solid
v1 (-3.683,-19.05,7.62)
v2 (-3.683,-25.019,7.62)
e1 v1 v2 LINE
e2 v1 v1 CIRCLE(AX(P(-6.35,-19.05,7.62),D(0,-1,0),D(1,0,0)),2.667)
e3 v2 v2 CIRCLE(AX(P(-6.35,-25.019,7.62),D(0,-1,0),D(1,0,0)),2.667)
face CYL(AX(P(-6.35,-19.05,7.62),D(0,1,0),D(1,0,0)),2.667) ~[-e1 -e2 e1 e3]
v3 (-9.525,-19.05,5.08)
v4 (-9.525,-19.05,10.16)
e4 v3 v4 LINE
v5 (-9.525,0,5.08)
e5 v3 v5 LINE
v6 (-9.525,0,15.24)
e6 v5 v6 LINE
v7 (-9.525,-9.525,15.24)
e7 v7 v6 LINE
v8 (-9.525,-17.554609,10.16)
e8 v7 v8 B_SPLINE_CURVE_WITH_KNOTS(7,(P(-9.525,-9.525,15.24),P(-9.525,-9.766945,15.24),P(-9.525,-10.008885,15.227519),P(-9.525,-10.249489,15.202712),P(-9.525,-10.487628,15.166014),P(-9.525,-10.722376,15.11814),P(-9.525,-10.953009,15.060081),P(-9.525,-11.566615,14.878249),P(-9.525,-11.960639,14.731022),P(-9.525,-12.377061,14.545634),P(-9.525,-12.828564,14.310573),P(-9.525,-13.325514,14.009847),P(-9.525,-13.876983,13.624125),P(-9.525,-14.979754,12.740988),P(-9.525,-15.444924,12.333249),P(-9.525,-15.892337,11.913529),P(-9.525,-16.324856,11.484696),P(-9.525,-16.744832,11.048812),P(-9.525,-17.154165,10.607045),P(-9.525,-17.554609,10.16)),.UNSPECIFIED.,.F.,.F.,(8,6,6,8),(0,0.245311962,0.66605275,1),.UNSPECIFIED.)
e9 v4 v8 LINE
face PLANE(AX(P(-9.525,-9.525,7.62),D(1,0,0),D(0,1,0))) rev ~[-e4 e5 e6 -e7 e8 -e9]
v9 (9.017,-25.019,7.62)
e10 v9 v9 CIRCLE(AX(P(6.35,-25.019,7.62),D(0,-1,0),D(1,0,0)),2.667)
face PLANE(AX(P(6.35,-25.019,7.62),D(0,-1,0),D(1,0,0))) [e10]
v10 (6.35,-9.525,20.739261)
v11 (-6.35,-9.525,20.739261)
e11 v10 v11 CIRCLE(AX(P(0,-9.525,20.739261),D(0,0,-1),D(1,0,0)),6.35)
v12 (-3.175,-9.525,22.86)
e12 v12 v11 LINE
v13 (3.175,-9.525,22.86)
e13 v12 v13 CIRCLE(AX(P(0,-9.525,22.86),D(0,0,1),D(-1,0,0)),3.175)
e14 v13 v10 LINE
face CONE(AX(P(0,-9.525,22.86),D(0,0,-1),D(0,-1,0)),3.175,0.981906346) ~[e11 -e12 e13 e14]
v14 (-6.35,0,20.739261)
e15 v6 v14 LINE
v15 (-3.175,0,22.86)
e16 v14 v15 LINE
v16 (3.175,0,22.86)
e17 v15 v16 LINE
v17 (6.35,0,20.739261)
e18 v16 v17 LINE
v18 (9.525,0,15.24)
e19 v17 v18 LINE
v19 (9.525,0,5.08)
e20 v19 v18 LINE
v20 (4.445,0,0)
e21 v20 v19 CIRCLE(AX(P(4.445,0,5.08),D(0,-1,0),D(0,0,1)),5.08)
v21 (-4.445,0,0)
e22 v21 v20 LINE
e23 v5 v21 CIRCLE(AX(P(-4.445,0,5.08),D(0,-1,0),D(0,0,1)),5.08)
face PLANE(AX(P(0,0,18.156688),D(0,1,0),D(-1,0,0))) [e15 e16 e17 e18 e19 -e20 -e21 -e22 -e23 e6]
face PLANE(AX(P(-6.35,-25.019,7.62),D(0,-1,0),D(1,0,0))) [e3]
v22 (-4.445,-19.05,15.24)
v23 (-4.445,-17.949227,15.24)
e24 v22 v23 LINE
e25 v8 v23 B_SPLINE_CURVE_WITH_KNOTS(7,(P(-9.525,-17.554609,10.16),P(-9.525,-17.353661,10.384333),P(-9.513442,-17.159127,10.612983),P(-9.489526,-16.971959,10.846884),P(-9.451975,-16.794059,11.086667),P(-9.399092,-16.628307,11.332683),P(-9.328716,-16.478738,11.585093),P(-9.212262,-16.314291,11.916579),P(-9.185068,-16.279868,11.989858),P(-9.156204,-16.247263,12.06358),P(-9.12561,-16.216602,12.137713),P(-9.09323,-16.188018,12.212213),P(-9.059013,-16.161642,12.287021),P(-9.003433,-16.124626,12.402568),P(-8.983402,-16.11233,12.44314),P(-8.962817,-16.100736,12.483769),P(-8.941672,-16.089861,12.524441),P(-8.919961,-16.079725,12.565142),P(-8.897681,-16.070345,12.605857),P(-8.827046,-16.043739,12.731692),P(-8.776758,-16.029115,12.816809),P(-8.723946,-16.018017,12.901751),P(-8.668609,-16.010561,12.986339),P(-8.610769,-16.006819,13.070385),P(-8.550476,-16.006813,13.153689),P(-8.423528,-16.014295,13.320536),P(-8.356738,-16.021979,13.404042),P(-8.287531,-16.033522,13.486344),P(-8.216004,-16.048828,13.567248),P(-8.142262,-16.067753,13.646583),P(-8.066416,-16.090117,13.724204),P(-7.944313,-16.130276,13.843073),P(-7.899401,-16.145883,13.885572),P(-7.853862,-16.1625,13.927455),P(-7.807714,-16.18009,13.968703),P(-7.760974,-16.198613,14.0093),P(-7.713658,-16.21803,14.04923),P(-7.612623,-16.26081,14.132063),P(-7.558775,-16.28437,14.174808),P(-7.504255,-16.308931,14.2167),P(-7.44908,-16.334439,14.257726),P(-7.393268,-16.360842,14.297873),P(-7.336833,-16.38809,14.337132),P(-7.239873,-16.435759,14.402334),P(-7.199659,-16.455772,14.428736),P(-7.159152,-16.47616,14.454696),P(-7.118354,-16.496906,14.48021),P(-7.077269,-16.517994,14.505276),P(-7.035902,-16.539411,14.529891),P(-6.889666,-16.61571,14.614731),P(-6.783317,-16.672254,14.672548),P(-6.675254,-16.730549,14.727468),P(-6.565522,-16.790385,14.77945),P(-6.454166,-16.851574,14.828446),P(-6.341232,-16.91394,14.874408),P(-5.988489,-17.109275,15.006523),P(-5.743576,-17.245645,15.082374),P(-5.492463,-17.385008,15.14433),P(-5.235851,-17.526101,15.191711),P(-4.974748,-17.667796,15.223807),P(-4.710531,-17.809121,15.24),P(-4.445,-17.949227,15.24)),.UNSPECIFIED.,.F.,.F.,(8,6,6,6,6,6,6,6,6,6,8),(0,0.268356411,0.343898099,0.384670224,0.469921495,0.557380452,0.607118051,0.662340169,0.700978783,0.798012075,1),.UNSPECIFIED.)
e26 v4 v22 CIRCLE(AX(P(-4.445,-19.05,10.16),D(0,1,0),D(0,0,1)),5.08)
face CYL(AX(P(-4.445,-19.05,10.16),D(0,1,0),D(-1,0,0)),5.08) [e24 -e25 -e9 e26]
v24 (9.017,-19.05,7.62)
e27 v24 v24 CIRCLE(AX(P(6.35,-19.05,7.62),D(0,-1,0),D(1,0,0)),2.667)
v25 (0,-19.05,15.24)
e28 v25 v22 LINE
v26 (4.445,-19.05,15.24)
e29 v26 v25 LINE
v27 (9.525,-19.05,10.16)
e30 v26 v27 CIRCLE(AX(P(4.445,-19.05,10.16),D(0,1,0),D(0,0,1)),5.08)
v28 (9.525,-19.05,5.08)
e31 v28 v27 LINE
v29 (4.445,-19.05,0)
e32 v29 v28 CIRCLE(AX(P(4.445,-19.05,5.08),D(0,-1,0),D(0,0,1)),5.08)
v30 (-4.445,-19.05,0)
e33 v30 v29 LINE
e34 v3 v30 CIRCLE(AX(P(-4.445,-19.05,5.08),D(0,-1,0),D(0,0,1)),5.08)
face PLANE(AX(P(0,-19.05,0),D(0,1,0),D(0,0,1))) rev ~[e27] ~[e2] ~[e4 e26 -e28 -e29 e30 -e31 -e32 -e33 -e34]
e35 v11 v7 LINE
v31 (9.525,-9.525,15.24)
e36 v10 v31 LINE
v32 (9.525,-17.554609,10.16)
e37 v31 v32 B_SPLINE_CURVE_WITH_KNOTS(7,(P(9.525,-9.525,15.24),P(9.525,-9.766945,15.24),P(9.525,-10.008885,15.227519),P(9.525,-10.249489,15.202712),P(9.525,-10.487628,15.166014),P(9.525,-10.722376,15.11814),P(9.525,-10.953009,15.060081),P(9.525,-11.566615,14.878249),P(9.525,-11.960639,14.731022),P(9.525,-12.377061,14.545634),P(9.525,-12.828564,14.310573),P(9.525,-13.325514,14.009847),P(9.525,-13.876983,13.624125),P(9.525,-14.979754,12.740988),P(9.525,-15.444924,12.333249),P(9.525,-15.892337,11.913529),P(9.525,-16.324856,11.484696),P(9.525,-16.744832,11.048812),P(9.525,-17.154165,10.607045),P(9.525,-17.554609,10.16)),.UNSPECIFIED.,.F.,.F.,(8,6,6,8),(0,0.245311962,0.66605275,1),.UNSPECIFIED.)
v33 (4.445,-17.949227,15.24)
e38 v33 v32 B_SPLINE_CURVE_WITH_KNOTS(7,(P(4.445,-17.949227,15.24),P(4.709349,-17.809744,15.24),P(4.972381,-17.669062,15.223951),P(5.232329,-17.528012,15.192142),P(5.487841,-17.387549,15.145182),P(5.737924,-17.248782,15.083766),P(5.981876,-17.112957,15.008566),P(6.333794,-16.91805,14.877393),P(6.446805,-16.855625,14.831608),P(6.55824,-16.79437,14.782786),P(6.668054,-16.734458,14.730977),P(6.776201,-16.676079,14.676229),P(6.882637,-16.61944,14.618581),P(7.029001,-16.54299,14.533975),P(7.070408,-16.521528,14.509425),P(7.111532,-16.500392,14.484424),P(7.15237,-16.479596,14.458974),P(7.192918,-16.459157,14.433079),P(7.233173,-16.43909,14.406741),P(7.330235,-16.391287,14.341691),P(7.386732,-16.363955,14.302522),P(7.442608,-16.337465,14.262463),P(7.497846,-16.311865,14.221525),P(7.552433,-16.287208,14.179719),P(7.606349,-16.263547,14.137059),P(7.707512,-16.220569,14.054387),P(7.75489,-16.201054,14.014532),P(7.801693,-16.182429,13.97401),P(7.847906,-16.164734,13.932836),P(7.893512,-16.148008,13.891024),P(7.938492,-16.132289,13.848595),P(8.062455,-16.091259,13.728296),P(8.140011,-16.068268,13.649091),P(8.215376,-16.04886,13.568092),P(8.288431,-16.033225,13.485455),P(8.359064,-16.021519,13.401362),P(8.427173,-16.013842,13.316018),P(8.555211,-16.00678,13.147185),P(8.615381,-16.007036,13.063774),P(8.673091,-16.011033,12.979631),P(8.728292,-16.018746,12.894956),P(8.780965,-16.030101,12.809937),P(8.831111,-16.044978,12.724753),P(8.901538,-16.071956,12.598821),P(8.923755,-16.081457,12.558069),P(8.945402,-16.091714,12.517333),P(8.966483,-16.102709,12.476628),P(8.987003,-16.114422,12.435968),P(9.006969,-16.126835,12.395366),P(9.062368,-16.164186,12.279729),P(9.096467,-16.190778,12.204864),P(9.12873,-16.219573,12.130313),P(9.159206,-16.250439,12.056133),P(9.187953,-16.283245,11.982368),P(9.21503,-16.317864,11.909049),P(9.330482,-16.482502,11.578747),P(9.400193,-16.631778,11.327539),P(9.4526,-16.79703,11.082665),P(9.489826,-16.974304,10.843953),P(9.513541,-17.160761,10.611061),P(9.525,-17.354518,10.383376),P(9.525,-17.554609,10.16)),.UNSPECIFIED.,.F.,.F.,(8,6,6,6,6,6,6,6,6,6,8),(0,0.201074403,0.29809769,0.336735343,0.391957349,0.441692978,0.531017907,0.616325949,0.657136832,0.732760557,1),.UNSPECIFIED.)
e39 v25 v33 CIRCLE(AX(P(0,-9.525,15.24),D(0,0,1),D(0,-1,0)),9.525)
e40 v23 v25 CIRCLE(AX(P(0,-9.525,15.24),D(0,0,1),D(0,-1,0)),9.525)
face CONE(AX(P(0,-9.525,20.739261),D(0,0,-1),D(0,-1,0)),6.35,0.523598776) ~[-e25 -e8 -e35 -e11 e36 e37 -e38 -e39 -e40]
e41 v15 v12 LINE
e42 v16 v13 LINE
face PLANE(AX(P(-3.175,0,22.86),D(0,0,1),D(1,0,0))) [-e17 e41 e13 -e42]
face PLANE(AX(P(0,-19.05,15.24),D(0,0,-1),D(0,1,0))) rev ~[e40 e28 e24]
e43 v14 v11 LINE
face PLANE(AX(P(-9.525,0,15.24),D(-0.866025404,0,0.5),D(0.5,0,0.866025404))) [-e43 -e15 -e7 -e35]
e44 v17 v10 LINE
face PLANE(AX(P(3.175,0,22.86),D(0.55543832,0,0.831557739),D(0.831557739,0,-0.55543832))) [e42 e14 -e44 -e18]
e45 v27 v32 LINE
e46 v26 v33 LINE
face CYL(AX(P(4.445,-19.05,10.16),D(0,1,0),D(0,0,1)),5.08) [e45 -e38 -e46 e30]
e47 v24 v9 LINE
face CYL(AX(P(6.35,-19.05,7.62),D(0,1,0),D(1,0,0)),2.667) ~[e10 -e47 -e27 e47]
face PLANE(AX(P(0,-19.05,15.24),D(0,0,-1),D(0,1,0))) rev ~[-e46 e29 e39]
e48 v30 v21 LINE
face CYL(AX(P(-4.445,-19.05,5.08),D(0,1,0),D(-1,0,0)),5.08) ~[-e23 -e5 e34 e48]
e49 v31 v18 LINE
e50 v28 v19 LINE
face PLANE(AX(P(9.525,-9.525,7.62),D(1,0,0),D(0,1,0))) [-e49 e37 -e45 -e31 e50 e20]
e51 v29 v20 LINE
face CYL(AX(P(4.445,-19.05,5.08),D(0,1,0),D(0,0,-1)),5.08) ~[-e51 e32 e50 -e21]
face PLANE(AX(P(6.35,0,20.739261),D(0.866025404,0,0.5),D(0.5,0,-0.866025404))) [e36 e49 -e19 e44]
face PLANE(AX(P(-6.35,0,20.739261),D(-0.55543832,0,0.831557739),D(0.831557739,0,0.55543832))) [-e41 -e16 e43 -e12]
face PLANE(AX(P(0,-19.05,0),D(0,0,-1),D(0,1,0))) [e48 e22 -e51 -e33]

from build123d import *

# Parameters (mm, degrees)
F0_W     = 19.05
F0_H     = 15.24
F1_DEPTH = 9.525
F2_R     = 2.667
F3_DEPTH = 5.969
F8_R     = 5.08


with BuildPart() as f1:
    # F0 (on Right) → F1 (new body, symmetric)
    with BuildSketch(Plane.YZ):
        with Locations((-9.525, 7.62)):
            Rectangle(F0_W, F0_H)
    extrude(amount=F1_DEPTH, both=True)

    # F2 (on face) → F3 (join)
    with BuildSketch(Plane.XZ.offset(19.05)):
        with Locations((6.35, 7.62)):
            Circle(F2_R)
        with Locations((-6.35, 7.62)):
            Circle(F2_R)
    extrude(amount=F3_DEPTH)

    # F4 (on Right) → F5 (revolve)
    with BuildSketch(Plane.YZ):
        Polygon((-19.05, 15.24), (-9.525, 15.24), (-9.525, 22.86), (-12.7, 22.86), (-15.875, 20.739261314), align=None)
    revolve(axis=Axis((0, -9.525, 19.05), (0, 0, 1)))

    # F6 (on face) → F7 (join, up to the next surface of F1)
    with BuildSketch(Plane(origin=(0, 0, 0), x_dir=(-1, 0, 0), z_dir=(0, 1, 0))):
        Polygon((-6.35, 20.739261314), (-9.525, 15.24), (0, 15.24), (9.525, 15.24), (6.35, 20.739261314), (3.175, 22.86), (-3.175, 22.86), align=None)
    extrude(until=Until.NEXT, dir=(0, -1, 0))

    # F8
    f8_edges = [f1.edges().sort_by_distance(p)[0] for p in [
        (9.525, -14.2875, 15.24),
        (-9.525, -14.2875, 15.24),
        (-9.525, -9.525, 0),
        (9.525, -9.525, 0),
    ]]
    fillet(f8_edges, radius=F8_R)


solid = f1.part
